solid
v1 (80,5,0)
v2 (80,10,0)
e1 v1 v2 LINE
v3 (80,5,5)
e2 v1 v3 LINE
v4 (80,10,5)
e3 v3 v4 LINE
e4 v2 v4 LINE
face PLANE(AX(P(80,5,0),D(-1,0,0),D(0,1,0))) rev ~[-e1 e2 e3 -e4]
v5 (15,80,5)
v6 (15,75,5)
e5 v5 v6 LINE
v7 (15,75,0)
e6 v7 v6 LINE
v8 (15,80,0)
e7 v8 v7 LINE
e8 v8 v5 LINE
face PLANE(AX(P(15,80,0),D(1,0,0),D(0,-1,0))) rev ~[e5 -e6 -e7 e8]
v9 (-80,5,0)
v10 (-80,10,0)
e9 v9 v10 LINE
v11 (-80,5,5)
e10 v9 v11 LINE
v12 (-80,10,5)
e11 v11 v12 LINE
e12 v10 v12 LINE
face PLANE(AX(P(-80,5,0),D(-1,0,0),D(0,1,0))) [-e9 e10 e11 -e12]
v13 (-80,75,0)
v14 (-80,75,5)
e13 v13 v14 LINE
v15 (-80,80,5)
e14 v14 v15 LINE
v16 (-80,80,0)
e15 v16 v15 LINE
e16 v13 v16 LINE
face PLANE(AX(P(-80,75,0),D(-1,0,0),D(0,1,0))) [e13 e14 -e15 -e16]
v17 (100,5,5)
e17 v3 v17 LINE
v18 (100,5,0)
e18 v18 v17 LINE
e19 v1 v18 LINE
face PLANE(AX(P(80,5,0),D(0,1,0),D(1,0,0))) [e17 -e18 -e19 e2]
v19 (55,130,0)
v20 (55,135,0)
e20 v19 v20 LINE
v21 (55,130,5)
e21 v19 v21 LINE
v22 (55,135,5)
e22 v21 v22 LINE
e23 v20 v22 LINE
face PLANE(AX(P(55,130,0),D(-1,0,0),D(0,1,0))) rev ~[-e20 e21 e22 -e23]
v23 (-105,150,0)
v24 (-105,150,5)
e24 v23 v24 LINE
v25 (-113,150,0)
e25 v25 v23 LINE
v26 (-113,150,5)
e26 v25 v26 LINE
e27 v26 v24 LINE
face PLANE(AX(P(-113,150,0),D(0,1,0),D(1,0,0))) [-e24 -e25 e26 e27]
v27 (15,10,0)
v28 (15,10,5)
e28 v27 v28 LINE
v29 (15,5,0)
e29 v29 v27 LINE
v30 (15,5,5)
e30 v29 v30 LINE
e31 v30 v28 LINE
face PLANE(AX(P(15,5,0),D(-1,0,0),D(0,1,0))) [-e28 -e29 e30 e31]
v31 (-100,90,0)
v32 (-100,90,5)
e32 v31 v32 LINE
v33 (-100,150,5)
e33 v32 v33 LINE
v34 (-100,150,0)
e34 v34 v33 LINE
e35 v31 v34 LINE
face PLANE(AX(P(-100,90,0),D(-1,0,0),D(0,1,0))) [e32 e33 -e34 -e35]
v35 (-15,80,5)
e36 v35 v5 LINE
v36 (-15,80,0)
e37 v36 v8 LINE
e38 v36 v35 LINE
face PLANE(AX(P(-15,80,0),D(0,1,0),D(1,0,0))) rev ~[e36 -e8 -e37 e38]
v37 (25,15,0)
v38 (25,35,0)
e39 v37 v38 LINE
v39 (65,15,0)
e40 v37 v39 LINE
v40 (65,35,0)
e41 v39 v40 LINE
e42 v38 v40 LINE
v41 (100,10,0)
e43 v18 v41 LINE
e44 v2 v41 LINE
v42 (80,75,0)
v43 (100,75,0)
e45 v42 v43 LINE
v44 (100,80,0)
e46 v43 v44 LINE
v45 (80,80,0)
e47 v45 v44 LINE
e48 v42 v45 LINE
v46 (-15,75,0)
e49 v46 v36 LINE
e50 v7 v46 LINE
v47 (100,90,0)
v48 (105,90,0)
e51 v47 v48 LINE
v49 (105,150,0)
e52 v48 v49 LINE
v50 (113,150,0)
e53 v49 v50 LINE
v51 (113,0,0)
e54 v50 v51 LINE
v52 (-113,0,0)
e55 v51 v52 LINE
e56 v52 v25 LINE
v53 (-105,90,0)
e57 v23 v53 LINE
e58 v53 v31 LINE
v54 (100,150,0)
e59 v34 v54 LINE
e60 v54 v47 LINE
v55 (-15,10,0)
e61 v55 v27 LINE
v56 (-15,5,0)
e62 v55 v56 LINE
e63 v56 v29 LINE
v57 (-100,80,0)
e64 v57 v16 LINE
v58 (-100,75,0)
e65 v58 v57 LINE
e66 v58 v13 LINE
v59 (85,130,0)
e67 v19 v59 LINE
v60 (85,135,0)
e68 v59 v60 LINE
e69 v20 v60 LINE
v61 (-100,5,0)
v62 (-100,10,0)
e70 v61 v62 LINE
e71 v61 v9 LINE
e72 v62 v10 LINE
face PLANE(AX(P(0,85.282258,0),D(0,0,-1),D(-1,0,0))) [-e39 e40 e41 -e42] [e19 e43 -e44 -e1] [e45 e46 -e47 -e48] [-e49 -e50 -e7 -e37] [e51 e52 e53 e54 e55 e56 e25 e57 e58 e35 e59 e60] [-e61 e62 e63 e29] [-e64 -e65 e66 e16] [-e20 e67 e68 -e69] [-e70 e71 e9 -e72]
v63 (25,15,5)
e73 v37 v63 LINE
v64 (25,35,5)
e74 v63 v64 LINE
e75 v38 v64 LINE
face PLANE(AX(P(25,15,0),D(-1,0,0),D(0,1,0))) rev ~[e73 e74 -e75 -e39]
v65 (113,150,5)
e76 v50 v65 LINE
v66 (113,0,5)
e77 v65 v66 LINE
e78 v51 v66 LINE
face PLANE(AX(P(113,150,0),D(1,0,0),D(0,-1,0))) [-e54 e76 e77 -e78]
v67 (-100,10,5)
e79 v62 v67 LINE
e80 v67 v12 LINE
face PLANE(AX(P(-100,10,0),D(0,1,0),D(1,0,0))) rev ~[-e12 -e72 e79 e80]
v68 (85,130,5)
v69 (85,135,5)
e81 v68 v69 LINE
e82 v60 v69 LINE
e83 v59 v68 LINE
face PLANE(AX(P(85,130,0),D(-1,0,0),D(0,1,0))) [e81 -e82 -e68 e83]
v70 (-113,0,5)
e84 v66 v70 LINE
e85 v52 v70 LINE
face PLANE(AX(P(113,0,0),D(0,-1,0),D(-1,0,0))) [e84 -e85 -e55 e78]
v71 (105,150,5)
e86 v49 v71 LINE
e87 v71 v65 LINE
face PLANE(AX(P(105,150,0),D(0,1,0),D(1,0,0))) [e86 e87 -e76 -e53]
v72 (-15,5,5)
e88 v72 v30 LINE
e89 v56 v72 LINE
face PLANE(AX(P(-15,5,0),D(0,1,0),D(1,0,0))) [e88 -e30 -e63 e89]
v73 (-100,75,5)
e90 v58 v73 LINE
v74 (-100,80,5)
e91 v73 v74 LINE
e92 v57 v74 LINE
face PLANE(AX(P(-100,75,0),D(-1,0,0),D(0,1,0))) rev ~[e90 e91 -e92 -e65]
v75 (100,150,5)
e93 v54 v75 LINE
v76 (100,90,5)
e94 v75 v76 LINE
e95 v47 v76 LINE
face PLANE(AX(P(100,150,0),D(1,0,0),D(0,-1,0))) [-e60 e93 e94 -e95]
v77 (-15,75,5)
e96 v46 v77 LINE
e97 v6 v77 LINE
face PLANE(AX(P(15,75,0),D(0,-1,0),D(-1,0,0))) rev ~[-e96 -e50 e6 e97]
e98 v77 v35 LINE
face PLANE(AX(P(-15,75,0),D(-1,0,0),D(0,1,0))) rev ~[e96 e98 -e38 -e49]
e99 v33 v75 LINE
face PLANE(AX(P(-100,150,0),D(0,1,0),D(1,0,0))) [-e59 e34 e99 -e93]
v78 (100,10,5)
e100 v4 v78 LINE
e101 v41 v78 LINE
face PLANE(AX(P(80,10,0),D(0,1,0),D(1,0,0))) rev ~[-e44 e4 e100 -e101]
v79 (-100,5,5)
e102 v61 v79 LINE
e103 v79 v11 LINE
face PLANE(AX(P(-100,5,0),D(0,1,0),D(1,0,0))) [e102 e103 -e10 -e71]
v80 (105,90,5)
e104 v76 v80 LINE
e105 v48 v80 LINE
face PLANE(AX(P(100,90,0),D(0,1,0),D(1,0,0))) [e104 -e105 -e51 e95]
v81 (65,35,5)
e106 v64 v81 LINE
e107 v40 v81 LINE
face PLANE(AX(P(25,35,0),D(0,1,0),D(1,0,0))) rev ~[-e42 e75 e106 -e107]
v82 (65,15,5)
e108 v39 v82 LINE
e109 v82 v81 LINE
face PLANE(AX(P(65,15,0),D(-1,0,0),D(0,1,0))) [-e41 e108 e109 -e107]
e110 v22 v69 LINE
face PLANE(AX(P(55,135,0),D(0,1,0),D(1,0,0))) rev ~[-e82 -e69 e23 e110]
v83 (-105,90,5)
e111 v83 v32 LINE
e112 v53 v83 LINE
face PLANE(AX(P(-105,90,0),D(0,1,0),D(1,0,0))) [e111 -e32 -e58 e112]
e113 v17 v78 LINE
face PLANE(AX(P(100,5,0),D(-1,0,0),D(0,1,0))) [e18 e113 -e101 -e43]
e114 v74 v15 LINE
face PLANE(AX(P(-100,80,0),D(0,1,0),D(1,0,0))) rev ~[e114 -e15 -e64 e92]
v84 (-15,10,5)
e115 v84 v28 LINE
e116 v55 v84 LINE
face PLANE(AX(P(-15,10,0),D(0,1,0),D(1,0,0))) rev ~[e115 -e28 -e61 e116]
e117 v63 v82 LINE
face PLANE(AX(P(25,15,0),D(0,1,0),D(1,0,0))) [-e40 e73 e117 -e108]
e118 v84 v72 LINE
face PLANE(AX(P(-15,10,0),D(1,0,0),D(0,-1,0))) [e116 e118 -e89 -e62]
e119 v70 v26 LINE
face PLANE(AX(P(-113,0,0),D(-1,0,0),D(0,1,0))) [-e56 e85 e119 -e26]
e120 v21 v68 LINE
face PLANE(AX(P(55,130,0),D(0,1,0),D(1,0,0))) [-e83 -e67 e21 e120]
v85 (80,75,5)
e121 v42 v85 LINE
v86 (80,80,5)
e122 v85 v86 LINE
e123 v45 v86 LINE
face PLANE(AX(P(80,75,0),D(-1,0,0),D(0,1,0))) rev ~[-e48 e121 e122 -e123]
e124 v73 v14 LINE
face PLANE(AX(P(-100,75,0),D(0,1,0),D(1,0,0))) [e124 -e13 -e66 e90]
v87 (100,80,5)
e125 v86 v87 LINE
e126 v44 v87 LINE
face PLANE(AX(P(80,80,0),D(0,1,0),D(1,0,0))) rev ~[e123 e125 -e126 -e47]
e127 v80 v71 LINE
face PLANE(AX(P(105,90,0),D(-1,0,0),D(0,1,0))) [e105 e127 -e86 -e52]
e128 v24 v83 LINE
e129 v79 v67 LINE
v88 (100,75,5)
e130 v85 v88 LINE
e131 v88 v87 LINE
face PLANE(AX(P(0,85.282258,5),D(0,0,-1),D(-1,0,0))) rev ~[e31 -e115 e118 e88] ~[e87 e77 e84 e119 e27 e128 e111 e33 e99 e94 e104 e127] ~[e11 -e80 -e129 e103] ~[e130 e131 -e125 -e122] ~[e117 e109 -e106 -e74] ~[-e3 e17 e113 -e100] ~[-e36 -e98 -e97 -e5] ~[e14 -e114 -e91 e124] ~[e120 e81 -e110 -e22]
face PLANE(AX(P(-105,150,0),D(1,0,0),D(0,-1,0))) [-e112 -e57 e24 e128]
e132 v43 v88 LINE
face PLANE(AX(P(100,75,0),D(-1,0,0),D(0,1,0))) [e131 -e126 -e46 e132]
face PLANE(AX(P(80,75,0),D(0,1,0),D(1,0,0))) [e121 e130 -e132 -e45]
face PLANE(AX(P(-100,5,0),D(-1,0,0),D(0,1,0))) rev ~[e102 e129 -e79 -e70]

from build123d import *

# Parameters (mm, degrees)
ESQUISSE1_W        = 20
ESQUISSE1_H        = 5
ESQUISSE1_W_2      = 40
ESQUISSE1_H_2      = 20
ESQUISSE1_W_3      = 30
BOSS_EXTRU_1_DEPTH = 5


with BuildPart() as part:
    # Esquisse1 → Boss.-Extru.1 (new body)
    with BuildSketch(Plane.XY):
        Polygon((-100, 150), (100, 150), (100, 90), (105, 90), (105, 150), (113, 150), (113, 0), (-113, 0), (-113, 150), (-105, 150), (-105, 90), (-100, 90), align=None)
        with Locations((90, 7.5)):
            Rectangle(ESQUISSE1_W, ESQUISSE1_H, mode=Mode.SUBTRACT)
        with Locations((90, 77.5)):
            Rectangle(ESQUISSE1_W, ESQUISSE1_H, mode=Mode.SUBTRACT)
        Polygon((-15, 5), (15, 5), (15, 10), (0, 10), (-15, 10), align=None, mode=Mode.SUBTRACT)
        Polygon((-15, 80), (0, 80), (15, 80), (15, 75), (-15, 75), align=None, mode=Mode.SUBTRACT)
        with Locations((-90, 7.5)):
            Rectangle(ESQUISSE1_W, ESQUISSE1_H, mode=Mode.SUBTRACT)
        with Locations((-90, 77.5)):
            Rectangle(ESQUISSE1_W, ESQUISSE1_H, mode=Mode.SUBTRACT)
        with Locations((45, 25)):
            Rectangle(ESQUISSE1_W_2, ESQUISSE1_H_2, mode=Mode.SUBTRACT)
        with Locations((70, 132.5)):
            Rectangle(ESQUISSE1_W_3, ESQUISSE1_H, mode=Mode.SUBTRACT)
    extrude(amount=BOSS_EXTRU_1_DEPTH)


solid = part.part
